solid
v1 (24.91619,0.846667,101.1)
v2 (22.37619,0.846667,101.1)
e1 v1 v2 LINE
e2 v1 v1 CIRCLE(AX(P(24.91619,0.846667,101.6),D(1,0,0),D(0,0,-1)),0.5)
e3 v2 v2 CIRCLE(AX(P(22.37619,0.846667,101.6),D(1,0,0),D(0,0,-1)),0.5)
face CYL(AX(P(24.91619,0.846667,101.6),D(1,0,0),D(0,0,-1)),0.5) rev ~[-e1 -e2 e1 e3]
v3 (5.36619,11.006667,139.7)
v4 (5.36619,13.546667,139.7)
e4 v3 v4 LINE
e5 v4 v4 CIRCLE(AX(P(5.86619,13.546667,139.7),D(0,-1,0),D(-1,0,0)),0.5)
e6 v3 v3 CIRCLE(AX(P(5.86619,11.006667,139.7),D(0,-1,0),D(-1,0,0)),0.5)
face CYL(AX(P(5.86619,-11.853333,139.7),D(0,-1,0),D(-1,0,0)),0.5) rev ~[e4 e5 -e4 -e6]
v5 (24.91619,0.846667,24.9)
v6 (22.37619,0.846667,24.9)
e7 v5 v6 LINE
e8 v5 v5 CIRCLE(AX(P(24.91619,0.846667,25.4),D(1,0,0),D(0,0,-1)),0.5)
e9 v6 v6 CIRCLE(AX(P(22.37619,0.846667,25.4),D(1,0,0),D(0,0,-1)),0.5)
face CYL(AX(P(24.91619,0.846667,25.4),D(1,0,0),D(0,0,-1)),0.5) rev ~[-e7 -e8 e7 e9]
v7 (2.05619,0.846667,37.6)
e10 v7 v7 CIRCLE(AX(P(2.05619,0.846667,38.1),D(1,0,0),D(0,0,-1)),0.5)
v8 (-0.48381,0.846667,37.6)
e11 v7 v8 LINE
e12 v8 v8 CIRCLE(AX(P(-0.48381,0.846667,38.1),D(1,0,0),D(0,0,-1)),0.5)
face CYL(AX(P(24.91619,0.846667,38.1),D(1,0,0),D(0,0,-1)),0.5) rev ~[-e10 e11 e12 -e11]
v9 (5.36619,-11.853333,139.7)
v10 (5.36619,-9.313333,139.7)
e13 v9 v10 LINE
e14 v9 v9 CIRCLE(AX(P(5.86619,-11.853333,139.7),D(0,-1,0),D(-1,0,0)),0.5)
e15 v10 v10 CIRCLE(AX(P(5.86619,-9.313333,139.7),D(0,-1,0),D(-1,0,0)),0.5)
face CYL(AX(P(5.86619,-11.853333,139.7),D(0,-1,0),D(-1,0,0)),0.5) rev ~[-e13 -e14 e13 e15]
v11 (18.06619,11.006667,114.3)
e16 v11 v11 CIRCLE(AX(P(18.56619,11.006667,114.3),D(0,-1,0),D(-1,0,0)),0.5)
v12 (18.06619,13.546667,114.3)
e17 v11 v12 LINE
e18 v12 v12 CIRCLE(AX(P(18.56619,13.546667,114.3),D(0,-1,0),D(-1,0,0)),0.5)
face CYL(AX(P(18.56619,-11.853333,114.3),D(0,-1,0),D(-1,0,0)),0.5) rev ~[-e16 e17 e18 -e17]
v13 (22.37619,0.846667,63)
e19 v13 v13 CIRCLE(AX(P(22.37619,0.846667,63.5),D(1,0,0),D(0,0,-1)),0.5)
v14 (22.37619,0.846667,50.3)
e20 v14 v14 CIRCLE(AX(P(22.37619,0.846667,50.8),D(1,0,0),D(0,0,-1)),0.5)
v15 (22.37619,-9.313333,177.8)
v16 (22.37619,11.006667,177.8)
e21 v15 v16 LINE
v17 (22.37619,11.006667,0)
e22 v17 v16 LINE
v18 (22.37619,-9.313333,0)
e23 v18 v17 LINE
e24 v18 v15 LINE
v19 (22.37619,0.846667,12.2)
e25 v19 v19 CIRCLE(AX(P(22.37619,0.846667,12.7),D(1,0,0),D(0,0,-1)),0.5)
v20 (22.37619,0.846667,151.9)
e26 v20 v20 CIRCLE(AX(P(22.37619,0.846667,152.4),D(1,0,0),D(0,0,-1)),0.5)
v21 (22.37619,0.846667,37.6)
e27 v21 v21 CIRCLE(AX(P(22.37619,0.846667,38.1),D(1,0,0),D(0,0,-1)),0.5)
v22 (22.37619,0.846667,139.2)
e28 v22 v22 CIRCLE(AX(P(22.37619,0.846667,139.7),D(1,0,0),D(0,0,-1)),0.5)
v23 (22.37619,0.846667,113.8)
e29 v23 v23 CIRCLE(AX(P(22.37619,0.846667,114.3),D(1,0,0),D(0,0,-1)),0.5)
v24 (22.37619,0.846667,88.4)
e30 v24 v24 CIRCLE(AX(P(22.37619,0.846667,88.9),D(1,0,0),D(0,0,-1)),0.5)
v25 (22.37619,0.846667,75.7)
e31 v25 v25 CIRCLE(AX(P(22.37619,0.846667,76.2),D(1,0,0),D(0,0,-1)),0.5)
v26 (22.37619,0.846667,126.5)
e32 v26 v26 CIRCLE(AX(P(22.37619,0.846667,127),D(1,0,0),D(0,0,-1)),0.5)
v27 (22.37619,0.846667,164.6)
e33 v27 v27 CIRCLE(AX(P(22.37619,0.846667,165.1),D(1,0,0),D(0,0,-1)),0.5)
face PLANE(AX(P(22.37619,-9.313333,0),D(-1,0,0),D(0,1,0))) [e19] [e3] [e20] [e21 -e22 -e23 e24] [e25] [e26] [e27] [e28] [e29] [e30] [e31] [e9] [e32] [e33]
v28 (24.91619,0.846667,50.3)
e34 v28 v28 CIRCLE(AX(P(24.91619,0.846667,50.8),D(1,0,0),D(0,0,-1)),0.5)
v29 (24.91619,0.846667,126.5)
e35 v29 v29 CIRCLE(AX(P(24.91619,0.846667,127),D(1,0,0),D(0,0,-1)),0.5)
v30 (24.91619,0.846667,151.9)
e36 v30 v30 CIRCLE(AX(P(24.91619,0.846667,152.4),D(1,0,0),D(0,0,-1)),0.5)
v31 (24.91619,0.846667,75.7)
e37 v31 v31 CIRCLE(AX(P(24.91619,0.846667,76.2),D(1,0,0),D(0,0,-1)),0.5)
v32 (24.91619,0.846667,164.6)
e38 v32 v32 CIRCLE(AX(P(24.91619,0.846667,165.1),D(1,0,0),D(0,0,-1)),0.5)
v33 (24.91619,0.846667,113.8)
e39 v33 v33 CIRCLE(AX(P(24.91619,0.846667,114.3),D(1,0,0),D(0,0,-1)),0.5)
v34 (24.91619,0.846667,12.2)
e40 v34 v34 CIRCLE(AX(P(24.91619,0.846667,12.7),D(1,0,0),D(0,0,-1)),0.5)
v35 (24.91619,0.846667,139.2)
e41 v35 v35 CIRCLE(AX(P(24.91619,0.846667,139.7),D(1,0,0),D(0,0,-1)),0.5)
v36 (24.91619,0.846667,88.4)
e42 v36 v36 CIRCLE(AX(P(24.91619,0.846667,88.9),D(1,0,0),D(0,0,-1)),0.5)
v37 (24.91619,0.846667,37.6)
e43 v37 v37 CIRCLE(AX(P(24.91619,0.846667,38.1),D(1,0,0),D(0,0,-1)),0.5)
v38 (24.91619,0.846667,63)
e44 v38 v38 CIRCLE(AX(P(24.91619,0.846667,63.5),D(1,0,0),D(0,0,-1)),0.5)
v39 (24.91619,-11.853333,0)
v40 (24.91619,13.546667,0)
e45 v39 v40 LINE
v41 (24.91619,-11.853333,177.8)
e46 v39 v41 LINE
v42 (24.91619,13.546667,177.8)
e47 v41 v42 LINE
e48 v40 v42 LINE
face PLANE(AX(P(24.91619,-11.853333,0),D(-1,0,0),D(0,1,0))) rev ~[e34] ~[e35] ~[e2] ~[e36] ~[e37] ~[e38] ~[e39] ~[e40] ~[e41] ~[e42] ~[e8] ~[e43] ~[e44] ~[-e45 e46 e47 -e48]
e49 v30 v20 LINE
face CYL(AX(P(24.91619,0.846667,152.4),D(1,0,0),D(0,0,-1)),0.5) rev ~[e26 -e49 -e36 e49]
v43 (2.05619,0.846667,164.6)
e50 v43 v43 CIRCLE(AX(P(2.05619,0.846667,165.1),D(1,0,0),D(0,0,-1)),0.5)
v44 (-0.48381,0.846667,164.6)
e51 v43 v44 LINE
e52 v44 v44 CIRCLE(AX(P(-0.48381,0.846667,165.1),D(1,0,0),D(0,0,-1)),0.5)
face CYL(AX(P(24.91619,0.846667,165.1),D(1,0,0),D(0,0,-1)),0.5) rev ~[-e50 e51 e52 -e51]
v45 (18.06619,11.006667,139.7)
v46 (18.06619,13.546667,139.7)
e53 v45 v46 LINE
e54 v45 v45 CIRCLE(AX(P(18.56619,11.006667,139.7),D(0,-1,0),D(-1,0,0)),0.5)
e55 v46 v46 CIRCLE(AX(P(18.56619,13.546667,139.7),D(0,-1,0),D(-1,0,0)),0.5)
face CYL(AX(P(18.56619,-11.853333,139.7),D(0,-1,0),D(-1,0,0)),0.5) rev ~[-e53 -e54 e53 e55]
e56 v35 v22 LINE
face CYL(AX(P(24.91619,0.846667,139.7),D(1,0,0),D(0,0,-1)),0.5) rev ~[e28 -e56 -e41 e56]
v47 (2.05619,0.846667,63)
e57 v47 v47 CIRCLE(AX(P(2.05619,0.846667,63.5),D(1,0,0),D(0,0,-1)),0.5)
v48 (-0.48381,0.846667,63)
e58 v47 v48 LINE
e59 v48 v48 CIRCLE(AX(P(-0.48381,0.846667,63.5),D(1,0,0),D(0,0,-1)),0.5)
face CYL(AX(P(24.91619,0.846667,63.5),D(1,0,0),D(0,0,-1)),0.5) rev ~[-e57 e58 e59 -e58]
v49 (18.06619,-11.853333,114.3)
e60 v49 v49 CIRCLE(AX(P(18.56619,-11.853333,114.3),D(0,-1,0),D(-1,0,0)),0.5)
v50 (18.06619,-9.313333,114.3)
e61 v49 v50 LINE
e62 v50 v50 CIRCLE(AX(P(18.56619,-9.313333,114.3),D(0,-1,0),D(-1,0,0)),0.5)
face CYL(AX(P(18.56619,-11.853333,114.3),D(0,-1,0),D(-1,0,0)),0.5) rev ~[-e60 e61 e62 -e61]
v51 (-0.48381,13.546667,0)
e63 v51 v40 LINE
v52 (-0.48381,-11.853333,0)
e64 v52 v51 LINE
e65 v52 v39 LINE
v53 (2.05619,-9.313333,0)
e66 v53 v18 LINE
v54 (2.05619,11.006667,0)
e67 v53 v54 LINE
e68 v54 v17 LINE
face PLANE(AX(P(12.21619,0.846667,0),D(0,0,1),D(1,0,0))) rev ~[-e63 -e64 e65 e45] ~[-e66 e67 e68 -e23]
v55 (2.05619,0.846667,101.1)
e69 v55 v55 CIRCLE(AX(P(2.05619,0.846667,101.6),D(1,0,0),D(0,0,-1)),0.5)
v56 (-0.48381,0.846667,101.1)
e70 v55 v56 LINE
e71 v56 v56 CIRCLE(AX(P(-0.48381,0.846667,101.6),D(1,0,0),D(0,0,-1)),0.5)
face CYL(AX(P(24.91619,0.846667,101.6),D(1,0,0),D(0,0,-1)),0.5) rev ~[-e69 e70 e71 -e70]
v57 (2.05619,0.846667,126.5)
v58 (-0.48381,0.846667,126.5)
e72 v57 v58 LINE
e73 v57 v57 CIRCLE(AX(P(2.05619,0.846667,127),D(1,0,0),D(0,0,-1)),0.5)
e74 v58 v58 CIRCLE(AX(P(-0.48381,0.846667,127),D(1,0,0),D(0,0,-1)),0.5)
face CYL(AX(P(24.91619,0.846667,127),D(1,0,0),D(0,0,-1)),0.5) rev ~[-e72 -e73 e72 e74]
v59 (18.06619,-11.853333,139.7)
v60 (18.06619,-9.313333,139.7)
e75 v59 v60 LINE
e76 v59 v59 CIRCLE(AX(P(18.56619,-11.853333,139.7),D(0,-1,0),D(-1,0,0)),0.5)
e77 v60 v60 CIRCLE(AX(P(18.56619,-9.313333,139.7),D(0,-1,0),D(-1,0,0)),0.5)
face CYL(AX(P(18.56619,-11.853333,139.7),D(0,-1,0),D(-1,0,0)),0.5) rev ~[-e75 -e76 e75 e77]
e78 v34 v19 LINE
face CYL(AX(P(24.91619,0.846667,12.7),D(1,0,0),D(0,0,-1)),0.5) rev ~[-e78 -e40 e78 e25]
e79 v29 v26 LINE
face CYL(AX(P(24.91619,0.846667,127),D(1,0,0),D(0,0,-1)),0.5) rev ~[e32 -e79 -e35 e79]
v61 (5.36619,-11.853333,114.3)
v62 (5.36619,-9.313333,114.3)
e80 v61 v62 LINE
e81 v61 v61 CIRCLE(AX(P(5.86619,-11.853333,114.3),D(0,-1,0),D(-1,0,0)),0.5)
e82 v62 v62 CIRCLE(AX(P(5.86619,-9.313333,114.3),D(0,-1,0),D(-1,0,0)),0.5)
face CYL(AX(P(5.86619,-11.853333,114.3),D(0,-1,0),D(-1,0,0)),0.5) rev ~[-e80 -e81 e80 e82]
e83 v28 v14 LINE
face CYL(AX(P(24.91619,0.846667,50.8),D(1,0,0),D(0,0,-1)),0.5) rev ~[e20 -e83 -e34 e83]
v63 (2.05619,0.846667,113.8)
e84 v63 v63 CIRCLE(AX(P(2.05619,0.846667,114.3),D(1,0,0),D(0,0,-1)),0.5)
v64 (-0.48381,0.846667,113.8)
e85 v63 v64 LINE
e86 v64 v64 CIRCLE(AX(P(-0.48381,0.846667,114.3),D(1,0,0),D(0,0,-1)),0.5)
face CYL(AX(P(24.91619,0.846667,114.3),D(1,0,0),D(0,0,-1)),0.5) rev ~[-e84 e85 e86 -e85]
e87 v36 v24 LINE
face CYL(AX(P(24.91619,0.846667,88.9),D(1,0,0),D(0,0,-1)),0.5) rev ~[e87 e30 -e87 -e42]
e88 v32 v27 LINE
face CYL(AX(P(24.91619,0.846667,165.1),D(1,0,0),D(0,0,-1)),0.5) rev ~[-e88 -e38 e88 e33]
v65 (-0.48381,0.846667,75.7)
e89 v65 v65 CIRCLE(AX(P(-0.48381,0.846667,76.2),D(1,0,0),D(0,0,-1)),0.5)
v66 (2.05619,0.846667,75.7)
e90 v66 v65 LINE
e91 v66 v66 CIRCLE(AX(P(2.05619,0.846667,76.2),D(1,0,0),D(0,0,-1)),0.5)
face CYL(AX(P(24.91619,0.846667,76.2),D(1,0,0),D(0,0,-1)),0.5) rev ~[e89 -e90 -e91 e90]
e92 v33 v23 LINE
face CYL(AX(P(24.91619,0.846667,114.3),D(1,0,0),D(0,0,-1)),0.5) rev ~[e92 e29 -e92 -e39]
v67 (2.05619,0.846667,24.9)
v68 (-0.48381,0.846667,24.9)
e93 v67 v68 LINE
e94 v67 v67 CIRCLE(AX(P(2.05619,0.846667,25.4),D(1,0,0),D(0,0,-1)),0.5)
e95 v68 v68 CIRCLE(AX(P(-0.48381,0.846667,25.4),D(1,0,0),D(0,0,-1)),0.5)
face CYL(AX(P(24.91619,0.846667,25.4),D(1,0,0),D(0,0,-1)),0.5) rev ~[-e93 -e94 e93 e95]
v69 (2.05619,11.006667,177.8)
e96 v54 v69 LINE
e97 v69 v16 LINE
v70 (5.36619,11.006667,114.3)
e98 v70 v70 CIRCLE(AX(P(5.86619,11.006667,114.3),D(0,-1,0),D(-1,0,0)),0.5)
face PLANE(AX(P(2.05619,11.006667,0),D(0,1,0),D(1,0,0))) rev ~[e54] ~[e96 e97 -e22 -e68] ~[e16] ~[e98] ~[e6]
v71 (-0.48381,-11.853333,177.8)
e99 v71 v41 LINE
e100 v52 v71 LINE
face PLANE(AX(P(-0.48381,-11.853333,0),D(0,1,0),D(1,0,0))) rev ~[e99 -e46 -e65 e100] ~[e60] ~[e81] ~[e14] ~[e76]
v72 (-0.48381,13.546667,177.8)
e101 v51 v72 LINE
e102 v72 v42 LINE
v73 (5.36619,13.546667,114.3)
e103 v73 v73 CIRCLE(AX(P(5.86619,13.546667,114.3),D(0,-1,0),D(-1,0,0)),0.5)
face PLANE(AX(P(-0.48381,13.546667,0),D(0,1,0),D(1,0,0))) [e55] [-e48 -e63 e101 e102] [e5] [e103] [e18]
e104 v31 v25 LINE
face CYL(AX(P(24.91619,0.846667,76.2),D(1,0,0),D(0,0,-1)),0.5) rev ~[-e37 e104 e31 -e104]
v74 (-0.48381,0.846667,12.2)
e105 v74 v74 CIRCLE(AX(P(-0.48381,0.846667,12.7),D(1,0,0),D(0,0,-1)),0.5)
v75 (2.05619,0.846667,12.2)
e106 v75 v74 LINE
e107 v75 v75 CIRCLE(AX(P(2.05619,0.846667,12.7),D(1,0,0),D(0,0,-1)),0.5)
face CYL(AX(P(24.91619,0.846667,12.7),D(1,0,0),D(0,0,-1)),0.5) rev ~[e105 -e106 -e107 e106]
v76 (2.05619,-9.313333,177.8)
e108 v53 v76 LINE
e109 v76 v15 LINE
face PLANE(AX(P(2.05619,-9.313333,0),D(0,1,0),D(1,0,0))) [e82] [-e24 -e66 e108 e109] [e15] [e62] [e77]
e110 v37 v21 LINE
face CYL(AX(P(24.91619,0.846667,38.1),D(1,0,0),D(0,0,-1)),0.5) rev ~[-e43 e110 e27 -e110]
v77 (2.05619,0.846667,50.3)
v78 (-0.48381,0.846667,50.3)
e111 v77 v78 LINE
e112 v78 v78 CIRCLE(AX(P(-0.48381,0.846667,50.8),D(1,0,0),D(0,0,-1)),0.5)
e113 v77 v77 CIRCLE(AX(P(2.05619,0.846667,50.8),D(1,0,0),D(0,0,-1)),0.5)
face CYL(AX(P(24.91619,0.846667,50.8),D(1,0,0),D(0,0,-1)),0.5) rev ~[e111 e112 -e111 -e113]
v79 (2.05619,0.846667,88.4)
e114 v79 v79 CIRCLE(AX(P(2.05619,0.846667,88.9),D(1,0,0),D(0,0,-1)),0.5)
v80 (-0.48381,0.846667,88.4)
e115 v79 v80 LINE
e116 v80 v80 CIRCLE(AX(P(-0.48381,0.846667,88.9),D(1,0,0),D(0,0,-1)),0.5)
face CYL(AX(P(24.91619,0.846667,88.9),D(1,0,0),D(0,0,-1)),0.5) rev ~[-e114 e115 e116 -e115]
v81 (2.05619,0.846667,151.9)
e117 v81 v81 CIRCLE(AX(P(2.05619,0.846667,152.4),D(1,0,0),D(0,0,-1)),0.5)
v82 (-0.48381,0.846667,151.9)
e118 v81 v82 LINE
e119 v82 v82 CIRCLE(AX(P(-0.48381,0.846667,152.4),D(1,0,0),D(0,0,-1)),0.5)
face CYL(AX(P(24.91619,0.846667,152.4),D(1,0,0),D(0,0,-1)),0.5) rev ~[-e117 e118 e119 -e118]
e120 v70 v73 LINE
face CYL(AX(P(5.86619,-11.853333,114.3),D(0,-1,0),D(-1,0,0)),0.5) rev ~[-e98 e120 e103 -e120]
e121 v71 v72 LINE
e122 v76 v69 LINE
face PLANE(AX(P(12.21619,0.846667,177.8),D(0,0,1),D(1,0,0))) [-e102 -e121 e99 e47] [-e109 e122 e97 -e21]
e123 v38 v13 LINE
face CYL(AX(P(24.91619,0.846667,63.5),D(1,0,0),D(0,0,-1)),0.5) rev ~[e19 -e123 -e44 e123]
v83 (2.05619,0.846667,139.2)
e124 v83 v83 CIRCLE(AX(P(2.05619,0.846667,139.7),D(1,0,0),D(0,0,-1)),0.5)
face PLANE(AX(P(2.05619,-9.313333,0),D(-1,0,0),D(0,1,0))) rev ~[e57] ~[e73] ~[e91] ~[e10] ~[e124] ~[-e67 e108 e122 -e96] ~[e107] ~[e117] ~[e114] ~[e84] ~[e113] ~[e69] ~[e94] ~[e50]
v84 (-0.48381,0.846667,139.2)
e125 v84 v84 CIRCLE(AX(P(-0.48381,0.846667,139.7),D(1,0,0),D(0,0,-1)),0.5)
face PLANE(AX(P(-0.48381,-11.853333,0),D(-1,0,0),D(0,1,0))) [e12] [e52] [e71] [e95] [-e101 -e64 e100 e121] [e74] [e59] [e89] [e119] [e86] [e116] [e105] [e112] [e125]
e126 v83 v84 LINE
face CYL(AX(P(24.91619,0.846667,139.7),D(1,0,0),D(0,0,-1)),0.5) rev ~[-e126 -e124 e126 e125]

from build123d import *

# Parameters (mm, degrees)
SKETCH1_W               = 25.4
SKETCH1_H               = 25.4
SKETCH1_W_2             = 20.32
SKETCH1_H_2             = 20.32
BOSS_EXTRUDE1_DEPTH     = 177.8
SKETCH2_R               = 0.5
CUT_EXTRUDE1_DEPTH      = 1
CUT_EXTRUDE1_DEPTH_BACK = 26.4
SKETCH4_R               = 0.5
CUT_EXTRUDE3_DEPTH      = 26.4


with BuildPart() as part:
    # Sketch1 → Boss-Extrude1 (new body)
    with BuildSketch(Plane.XY):
        with Locations((12.216190476, 0.846666667)):
            Rectangle(SKETCH1_W, SKETCH1_H)
        with Locations((12.216190476, 0.846666667)):
            Rectangle(SKETCH1_W_2, SKETCH1_H_2, mode=Mode.SUBTRACT)
    extrude(amount=BOSS_EXTRUDE1_DEPTH)

    # Sketch2 → Cut-Extrude1 (cut, two sides)
    with BuildSketch(Plane(origin=(24.916190476, 0, 0), x_dir=(0, 0, -1), z_dir=(1, 0, 0))) as cut_extrude1_sk:
        with Locations((-165.1, 0.846666667)):
            Circle(SKETCH2_R)
        with Locations((-152.4, 0.846666667)):
            Circle(SKETCH2_R)
        with Locations((-139.7, 0.846666667)):
            Circle(SKETCH2_R)
        with Locations((-127, 0.846666667)):
            Circle(SKETCH2_R)
        with Locations((-114.3, 0.846666667)):
            Circle(SKETCH2_R)
        with Locations((-101.6, 0.846666667)):
            Circle(SKETCH2_R)
        with Locations((-88.9, 0.846666667)):
            Circle(SKETCH2_R)
        with Locations((-76.2, 0.846666667)):
            Circle(SKETCH2_R)
        with Locations((-63.5, 0.846666667)):
            Circle(SKETCH2_R)
        with Locations((-50.8, 0.846666667)):
            Circle(SKETCH2_R)
        with Locations((-38.1, 0.846666667)):
            Circle(SKETCH2_R)
        with Locations((-25.4, 0.846666667)):
            Circle(SKETCH2_R)
        with Locations((-12.7, 0.846666667)):
            Circle(SKETCH2_R)
    extrude(amount=CUT_EXTRUDE1_DEPTH, mode=Mode.SUBTRACT)
    extrude(cut_extrude1_sk.sketch, amount=-CUT_EXTRUDE1_DEPTH_BACK, mode=Mode.SUBTRACT)

    # Sketch4 → Cut-Extrude3 (cut, through all)
    with BuildSketch(Plane(origin=(0, -11.853333333, 0), x_dir=(-1, 0, 0), z_dir=(0, -1, 0))):
        with Locations((-5.866190476, -139.7)):
            Circle(SKETCH4_R)
        with Locations((-18.566190476, -139.7)):
            Circle(SKETCH4_R)
        with Locations((-5.866190476, -114.3)):
            Circle(SKETCH4_R)
        with Locations((-18.566190476, -114.3)):
            Circle(SKETCH4_R)
    extrude(amount=-CUT_EXTRUDE3_DEPTH, mode=Mode.SUBTRACT)


solid = part.part
